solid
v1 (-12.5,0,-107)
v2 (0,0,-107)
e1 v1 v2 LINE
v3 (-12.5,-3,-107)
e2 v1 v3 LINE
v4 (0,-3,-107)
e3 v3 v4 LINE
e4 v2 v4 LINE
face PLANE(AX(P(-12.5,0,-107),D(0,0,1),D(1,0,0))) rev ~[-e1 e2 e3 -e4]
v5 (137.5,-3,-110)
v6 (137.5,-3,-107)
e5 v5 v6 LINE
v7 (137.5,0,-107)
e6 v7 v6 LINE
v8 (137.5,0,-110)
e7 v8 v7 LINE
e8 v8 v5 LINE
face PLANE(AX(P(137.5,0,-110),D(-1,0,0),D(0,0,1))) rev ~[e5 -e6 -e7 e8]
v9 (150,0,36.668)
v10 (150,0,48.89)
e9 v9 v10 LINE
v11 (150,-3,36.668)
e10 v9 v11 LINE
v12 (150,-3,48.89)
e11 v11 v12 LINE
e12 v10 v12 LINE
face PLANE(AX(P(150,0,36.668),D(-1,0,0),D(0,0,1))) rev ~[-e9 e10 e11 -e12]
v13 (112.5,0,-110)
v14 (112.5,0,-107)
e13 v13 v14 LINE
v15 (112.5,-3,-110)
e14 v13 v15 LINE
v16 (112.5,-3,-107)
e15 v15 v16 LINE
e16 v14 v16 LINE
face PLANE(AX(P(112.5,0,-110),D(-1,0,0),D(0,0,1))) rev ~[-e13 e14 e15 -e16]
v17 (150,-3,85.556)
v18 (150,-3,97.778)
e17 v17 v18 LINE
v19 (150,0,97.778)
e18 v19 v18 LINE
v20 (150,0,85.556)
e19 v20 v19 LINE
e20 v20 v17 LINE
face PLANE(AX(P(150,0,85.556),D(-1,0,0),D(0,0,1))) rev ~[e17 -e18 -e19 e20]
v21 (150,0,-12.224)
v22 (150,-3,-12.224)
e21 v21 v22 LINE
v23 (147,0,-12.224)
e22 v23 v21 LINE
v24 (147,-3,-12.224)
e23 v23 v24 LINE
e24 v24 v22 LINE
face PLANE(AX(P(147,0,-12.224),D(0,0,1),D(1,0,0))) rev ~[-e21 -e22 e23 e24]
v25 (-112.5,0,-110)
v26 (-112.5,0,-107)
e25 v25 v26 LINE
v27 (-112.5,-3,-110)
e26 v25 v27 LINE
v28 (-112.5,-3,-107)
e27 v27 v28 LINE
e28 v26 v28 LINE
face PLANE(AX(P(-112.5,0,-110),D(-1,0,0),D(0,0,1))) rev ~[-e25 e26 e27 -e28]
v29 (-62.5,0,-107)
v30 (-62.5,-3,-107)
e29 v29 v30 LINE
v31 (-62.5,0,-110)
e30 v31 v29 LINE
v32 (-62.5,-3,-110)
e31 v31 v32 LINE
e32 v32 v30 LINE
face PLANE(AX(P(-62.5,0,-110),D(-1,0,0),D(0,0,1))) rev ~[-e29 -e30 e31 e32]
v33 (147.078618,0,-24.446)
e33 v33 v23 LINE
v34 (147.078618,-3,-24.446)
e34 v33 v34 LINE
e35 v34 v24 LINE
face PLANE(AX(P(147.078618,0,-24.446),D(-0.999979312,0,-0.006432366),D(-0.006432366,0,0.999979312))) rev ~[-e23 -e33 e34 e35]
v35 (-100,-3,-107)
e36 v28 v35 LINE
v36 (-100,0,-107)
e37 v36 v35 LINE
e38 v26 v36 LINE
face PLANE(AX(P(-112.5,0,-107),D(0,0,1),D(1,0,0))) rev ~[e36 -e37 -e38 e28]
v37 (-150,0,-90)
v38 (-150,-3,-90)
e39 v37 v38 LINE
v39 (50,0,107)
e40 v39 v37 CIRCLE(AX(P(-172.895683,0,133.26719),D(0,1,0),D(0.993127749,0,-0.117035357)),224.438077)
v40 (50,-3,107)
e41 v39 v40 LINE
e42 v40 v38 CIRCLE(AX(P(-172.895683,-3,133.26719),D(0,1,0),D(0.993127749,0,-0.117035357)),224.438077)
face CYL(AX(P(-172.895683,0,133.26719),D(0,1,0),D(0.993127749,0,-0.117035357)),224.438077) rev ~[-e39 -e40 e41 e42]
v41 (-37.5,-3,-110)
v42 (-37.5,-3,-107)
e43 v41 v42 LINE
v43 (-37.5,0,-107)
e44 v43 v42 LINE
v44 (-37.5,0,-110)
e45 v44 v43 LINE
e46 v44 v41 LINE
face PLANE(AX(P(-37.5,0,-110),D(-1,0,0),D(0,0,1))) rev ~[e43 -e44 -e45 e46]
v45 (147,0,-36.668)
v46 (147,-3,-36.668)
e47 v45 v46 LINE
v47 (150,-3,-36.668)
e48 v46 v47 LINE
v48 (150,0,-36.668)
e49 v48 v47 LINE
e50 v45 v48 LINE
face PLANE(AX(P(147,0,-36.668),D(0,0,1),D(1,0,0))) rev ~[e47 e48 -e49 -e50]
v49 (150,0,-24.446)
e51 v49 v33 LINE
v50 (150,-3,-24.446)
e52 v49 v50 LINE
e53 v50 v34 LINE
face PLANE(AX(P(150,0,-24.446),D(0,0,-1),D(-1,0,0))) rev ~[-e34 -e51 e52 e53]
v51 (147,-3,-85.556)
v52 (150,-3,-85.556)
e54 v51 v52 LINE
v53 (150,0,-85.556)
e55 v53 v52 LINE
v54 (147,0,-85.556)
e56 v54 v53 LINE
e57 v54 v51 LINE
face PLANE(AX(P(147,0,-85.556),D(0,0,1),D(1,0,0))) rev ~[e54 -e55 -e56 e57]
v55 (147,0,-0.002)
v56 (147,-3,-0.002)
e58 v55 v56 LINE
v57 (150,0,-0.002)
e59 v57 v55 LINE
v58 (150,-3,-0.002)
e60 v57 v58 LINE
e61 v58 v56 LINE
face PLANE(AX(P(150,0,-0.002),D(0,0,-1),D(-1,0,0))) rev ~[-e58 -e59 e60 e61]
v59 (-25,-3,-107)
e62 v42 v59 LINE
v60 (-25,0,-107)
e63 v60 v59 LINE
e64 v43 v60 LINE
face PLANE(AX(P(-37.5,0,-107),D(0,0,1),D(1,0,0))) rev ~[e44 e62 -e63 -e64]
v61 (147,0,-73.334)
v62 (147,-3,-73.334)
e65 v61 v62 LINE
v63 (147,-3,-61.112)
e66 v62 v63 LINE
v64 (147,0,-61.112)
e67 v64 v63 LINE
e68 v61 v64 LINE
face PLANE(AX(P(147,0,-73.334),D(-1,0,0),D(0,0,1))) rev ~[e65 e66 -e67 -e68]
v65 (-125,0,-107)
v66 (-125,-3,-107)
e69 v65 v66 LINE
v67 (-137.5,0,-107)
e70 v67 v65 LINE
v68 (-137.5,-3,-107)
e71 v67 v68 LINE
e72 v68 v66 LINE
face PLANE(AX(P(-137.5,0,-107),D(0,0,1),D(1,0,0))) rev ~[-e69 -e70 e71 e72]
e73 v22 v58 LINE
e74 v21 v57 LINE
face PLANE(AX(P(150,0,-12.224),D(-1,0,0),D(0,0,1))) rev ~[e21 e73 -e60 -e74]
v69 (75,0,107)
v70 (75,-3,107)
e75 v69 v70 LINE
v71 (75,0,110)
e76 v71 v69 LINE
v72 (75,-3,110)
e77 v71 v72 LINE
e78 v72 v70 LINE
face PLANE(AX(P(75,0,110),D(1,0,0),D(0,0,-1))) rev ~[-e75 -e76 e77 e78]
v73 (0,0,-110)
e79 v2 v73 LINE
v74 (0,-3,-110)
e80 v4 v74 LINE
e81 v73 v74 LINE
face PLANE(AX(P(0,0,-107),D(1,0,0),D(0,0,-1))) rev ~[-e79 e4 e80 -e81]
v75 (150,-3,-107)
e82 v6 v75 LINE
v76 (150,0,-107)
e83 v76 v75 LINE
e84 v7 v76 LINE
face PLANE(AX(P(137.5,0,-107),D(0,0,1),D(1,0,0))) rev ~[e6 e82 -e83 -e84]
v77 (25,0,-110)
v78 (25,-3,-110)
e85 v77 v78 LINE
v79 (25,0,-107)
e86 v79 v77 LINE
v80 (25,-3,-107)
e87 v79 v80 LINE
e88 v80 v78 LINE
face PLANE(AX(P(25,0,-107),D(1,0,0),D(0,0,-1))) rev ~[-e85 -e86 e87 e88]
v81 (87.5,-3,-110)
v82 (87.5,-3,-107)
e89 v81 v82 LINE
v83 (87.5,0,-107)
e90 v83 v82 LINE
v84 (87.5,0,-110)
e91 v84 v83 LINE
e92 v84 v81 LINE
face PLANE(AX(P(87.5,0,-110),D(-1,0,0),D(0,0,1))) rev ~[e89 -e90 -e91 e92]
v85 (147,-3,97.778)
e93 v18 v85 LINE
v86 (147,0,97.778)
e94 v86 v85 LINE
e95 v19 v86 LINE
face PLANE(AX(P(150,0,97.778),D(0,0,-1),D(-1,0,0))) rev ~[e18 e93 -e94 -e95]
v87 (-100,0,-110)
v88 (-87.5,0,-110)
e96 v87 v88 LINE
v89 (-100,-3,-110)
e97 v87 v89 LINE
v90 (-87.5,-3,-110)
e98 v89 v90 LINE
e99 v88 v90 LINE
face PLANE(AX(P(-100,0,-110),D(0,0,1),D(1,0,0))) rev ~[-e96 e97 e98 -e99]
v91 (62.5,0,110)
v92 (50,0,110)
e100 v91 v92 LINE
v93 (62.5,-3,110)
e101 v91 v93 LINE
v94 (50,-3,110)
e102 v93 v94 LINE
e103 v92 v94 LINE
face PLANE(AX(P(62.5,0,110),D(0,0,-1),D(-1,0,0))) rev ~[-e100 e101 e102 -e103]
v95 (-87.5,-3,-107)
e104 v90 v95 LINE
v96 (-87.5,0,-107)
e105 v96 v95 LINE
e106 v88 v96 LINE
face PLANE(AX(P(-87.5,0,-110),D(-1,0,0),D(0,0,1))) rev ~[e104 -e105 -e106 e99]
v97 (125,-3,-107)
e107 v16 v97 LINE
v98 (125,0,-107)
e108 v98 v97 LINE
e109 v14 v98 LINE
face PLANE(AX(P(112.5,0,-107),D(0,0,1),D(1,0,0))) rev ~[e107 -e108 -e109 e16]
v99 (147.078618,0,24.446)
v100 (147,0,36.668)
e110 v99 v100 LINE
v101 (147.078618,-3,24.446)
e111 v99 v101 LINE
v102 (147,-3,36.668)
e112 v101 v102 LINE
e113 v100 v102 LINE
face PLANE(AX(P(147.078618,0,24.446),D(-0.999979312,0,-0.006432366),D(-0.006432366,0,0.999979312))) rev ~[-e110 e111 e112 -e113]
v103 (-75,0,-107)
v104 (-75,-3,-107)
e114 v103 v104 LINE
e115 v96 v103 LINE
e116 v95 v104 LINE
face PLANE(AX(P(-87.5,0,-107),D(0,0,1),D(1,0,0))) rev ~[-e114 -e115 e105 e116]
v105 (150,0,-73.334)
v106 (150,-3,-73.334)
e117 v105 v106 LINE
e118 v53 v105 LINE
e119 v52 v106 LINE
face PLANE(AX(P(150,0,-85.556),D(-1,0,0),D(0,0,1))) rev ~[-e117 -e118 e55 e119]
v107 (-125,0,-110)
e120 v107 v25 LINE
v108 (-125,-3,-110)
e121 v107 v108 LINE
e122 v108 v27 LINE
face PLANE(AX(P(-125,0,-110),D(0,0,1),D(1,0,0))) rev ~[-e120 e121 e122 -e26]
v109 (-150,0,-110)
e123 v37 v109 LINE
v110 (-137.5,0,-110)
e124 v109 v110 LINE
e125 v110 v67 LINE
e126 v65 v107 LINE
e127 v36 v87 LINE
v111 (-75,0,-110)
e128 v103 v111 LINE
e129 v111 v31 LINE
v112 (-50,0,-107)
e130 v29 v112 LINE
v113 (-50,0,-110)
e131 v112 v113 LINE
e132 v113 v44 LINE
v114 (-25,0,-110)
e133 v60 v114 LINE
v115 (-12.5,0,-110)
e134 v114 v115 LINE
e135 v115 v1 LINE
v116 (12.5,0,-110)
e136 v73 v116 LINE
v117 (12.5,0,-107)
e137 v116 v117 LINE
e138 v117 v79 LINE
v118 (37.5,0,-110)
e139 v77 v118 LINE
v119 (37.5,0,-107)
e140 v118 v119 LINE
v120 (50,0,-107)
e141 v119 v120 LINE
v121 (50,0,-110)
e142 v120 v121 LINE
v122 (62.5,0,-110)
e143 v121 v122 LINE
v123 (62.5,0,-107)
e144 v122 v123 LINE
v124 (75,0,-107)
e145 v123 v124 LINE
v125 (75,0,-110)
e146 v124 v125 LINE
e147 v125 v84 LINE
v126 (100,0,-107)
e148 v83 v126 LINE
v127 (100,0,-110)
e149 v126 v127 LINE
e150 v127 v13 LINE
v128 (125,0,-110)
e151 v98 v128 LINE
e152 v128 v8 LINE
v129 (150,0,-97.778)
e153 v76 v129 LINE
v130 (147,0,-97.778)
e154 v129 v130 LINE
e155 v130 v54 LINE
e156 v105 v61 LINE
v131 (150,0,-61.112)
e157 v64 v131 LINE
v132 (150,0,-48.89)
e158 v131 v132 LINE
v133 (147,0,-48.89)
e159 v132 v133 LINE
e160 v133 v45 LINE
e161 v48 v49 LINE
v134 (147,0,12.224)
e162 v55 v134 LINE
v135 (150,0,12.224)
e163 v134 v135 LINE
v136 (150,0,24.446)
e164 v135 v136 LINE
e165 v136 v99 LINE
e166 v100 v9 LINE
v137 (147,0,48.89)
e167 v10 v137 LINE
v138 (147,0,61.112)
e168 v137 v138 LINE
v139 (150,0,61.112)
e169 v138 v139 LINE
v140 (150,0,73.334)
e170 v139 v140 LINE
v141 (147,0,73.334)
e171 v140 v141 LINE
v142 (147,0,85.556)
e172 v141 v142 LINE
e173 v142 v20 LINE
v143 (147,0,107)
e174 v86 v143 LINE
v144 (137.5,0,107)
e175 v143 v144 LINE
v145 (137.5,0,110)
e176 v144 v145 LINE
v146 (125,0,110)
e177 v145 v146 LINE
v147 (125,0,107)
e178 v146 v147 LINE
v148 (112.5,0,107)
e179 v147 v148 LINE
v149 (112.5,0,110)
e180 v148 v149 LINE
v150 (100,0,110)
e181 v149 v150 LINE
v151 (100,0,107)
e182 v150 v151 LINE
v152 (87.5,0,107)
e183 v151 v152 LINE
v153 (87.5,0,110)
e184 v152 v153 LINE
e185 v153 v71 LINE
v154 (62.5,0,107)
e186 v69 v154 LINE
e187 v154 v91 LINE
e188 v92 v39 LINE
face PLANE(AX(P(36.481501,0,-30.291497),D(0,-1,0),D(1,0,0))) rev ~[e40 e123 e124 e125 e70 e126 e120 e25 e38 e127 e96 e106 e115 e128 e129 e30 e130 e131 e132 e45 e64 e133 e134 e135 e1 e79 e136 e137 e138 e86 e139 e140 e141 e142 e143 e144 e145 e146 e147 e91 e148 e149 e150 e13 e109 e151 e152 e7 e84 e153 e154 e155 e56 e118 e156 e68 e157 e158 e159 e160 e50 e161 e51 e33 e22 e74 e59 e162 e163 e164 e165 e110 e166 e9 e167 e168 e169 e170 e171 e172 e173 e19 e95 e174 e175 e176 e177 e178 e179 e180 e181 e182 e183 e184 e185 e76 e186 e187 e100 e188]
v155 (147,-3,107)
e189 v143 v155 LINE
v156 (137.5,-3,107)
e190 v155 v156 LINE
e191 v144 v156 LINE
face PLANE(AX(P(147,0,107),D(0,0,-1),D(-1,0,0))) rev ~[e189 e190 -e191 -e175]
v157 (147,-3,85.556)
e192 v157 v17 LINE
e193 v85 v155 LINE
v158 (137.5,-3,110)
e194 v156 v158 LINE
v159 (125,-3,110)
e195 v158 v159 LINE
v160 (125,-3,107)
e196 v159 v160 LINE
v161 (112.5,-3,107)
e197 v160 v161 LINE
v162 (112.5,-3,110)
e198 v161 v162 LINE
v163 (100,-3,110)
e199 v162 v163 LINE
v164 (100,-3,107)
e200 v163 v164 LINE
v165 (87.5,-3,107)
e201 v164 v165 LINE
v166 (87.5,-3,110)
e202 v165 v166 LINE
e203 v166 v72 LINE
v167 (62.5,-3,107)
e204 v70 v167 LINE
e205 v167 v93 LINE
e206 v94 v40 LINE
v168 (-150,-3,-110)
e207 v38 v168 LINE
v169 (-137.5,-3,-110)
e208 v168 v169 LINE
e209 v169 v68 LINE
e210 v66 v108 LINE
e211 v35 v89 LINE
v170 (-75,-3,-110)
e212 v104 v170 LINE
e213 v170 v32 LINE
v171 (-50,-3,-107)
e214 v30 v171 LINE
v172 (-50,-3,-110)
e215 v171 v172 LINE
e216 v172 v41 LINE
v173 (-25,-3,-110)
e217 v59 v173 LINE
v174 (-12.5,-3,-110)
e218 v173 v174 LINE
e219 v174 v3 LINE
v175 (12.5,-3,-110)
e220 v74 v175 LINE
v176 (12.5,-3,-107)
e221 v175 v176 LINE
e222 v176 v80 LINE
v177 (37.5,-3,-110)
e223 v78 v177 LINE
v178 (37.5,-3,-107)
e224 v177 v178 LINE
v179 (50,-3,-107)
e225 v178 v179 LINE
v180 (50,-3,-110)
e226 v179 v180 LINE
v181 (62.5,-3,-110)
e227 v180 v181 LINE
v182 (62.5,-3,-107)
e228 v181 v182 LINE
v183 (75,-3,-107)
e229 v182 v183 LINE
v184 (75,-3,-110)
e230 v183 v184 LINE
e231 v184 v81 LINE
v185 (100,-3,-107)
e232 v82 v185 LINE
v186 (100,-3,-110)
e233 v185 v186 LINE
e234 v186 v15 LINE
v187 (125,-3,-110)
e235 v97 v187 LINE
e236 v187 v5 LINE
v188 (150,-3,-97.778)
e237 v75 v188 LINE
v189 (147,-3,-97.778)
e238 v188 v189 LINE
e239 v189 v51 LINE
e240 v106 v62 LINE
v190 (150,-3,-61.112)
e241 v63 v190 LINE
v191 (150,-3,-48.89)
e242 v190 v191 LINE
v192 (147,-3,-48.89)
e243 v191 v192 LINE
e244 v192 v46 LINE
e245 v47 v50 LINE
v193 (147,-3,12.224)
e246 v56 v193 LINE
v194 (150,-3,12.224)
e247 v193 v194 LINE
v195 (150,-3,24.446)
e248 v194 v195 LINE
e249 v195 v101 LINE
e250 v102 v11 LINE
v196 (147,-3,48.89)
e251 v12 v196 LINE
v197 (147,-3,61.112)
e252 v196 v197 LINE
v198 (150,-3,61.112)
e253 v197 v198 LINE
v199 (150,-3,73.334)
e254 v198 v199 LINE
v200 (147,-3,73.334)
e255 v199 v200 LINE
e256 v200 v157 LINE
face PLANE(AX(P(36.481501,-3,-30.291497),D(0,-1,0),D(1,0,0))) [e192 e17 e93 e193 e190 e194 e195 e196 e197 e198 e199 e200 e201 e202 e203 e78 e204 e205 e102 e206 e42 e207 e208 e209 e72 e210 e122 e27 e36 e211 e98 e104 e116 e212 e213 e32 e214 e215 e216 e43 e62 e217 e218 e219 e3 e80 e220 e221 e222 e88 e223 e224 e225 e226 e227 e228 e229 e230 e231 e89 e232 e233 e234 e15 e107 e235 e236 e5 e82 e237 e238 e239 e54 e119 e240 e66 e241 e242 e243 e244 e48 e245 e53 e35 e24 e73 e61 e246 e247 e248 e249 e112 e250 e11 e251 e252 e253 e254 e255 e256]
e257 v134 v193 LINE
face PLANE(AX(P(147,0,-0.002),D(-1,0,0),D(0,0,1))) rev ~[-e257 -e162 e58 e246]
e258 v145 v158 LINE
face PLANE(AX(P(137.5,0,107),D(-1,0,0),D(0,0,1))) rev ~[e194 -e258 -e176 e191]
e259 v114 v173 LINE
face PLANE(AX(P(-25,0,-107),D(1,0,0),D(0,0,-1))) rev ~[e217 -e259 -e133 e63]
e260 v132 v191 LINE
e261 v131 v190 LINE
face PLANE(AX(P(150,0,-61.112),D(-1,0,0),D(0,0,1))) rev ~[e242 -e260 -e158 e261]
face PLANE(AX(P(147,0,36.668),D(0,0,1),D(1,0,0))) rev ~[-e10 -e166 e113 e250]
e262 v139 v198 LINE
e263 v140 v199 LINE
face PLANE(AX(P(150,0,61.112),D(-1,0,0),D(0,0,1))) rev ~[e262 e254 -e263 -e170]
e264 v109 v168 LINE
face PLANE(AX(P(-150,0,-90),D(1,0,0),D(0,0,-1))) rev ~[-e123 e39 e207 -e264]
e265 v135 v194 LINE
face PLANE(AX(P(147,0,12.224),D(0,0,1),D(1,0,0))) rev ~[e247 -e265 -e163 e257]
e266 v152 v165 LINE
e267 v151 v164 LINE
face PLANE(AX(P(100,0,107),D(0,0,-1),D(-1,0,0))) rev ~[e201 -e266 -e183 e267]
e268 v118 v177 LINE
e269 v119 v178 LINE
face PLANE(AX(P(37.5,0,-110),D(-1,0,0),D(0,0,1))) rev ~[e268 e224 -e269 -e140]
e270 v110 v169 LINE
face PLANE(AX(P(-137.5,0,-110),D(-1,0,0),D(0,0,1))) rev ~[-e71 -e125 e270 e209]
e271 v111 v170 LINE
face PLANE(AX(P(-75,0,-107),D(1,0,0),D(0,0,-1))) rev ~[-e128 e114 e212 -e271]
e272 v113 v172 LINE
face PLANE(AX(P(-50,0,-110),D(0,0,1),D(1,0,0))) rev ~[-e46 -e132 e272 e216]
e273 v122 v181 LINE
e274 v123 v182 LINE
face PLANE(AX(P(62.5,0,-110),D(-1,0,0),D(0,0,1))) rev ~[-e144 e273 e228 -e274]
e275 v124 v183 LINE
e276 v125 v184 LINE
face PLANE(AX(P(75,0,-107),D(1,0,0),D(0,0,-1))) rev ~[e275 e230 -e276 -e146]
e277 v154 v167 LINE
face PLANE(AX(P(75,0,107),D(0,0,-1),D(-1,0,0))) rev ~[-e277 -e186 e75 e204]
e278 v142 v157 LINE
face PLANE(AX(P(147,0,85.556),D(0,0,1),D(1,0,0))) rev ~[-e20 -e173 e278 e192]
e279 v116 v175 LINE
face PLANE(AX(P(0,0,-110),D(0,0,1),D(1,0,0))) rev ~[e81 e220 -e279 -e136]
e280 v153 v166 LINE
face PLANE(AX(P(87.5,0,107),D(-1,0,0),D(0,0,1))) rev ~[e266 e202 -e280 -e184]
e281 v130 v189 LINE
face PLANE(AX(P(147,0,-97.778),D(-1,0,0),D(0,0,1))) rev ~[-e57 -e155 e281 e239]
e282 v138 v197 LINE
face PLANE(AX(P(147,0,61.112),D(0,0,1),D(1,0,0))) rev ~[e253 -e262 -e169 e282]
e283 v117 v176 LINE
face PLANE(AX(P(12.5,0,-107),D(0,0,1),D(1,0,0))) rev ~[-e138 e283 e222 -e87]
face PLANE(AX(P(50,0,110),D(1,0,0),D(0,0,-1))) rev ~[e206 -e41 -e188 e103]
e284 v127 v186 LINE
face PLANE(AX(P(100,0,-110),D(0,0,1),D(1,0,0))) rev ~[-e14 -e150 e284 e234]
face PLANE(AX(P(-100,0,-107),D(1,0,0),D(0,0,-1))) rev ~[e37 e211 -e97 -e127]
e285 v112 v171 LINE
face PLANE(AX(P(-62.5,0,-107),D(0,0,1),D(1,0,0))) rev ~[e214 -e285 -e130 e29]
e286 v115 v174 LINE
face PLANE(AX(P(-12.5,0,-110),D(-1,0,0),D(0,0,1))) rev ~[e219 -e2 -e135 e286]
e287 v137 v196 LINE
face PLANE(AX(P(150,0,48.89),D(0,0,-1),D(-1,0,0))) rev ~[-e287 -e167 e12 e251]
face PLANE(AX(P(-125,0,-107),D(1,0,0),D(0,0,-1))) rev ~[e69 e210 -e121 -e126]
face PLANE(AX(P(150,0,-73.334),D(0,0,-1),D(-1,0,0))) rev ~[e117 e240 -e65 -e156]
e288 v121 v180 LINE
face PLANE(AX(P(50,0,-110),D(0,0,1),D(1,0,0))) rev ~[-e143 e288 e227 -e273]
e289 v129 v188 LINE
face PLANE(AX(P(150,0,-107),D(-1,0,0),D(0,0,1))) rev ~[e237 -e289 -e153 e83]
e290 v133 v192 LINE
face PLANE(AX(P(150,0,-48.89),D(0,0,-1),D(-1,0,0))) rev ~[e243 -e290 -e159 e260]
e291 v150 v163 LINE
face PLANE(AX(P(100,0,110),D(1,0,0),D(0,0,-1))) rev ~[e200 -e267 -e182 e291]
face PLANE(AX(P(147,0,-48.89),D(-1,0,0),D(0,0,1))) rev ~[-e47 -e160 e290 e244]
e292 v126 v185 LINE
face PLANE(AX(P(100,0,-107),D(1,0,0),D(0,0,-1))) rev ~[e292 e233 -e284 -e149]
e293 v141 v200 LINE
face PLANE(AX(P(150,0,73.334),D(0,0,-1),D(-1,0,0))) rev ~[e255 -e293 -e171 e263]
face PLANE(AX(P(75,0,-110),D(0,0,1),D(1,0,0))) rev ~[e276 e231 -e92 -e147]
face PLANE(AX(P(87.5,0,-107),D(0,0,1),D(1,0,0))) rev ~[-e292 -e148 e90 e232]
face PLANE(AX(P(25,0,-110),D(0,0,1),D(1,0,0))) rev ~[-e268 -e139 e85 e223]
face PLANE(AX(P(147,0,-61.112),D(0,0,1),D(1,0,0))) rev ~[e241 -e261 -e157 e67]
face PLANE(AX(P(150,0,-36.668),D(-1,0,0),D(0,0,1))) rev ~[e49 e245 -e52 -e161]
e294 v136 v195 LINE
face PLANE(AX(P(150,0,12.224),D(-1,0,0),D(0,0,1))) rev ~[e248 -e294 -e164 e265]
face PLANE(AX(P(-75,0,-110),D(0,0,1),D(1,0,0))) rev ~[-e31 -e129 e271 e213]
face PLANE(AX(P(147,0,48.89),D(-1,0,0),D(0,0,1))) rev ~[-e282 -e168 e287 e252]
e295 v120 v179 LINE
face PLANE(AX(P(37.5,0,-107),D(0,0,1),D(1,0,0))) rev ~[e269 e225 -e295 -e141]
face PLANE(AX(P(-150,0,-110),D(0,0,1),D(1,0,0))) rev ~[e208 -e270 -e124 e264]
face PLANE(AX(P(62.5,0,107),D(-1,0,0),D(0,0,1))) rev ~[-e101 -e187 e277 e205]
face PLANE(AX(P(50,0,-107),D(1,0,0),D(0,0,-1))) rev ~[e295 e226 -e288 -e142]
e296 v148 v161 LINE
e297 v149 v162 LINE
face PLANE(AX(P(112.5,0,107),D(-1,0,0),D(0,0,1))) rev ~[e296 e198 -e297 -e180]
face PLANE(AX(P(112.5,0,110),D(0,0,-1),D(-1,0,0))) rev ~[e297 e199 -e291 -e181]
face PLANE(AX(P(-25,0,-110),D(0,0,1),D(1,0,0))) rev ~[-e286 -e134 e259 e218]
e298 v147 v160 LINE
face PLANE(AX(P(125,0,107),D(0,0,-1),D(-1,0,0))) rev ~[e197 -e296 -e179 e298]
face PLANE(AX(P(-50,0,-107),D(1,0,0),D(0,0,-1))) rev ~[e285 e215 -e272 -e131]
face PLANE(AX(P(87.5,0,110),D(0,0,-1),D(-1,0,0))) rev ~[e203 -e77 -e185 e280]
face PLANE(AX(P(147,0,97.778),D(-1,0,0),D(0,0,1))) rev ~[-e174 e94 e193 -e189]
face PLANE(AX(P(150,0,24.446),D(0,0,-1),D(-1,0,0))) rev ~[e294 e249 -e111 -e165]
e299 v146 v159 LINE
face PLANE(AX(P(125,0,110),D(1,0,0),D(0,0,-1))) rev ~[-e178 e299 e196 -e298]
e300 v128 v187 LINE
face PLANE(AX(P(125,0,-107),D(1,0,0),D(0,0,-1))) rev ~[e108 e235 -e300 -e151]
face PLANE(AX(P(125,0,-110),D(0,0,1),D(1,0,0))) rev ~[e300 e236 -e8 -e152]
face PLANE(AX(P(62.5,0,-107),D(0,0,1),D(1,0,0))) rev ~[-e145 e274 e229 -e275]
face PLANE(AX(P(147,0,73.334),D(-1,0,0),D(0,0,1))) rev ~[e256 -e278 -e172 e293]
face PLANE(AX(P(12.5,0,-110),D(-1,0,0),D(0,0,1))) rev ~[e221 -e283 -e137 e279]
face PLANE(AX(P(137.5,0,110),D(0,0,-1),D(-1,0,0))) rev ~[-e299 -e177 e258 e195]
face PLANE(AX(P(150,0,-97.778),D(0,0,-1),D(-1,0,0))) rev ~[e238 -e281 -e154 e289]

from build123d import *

# Parameters (mm, degrees)
F1_DEPTH = 3


with BuildPart() as f1:
    # F0 (on Front) → F1 (new body)
    with BuildSketch(Plane.XZ):
        with BuildLine():
            Line((125, -110), (137.5, -110))
            Line((137.5, -110), (137.5, -107))
            Line((137.5, -107), (150, -107))
            Line((150, -107), (150, -97.778))
            Line((150, -97.778), (147, -97.778))
            Line((147, -97.778), (147, -85.556))
            Line((147, -85.556), (150, -85.556))
            Line((150, -85.556), (150, -73.334))
            Line((150, -73.334), (147, -73.334))
            Line((147, -73.334), (147, -61.112))
            Line((147, -61.112), (150, -61.112))
            Line((150, -61.112), (150, -48.89))
            Line((150, -48.89), (147, -48.89))
            Line((147, -48.89), (147, -36.668))
            Line((147, -36.668), (150, -36.668))
            Line((150, -36.668), (150, -24.446))
            Line((150, -24.446), (147.078618, -24.446))
            Line((147.078618, -24.446), (147, -12.224))
            Line((147, -12.224), (150, -12.224))
            Line((150, -12.224), (150, -0.002))
            Line((150, -0.002), (147, -0.002))
            Line((147, -0.002), (147, 0.002))
            Line((147, 0.002), (147, 12.224))
            Line((147, 12.224), (150, 12.224))
            Line((150, 12.224), (150, 24.446))
            Line((150, 24.446), (147.078618, 24.446))
            Line((147.078618, 24.446), (147, 36.668))
            Line((147, 36.668), (150, 36.668))
            Line((150, 36.668), (150, 48.89))
            Line((150, 48.89), (147, 48.89))
            Line((147, 48.89), (147, 61.112))
            Line((147, 61.112), (150, 61.112))
            Line((150, 61.112), (150, 73.334))
            Line((150, 73.334), (147, 73.334))
            Line((147, 73.334), (147, 85.556))
            Line((147, 85.556), (150, 85.556))
            Line((150, 85.556), (150, 97.778))
            Line((150, 97.778), (147, 97.778))
            Line((147, 97.778), (147, 107))
            Line((147, 107), (137.5, 107))
            Line((137.5, 107), (137.5, 110))
            Line((137.5, 110), (125, 110))
            Line((125, 110), (125, 107))
            Line((125, 107), (112.5, 107))
            Line((112.5, 107), (112.5, 110))
            Line((112.5, 110), (100, 110))
            Line((100, 110), (100, 107))
            Line((100, 107), (87.5, 107))
            Line((87.5, 107), (87.5, 110))
            Line((87.5, 110), (75, 110))
            Line((75, 110), (75, 107))
            Line((75, 107), (62.5, 107))
            Line((62.5, 107), (62.5, 110))
            Line((62.5, 110), (50, 110))
            Line((50, 110), (50, 107))
            ThreePointArc((50, 107), (-15.39775, -26.629188), (-150, -90))
            Line((-150, -90), (-150, -110))
            Line((-150, -110), (-137.5, -110))
            Line((-137.5, -110), (-137.5, -107))
            Line((-137.5, -107), (-125, -107))
            Line((-125, -107), (-125, -110))
            Line((-125, -110), (-112.5, -110))
            Line((-112.5, -110), (-112.5, -107))
            Line((-112.5, -107), (-100, -107))
            Line((-100, -107), (-100, -110))
            Line((-100, -110), (-87.5, -110))
            Line((-87.5, -110), (-87.5, -107))
            Line((-87.5, -107), (-75, -107))
            Line((-75, -107), (-75, -110))
            Line((-75, -110), (-62.5, -110))
            Line((-62.5, -110), (-62.5, -107))
            Line((-62.5, -107), (-50, -107))
            Line((-50, -107), (-50, -110))
            Line((-50, -110), (-37.5, -110))
            Line((-37.5, -110), (-37.5, -107))
            Line((-37.5, -107), (-25, -107))
            Line((-25, -107), (-25, -110))
            Line((-25, -110), (-12.5, -110))
            Line((-12.5, -110), (-12.5, -107))
            Line((-12.5, -107), (0, -107))
            Line((0, -107), (0, -110))
            Line((0, -110), (12.5, -110))
            Line((12.5, -110), (12.5, -107))
            Line((12.5, -107), (25, -107))
            Line((25, -107), (25, -110))
            Line((25, -110), (37.5, -110))
            Line((37.5, -110), (37.5, -107))
            Line((37.5, -107), (50, -107))
            Line((50, -107), (50, -110))
            Line((50, -110), (62.5, -110))
            Line((62.5, -110), (62.5, -107))
            Line((62.5, -107), (75, -107))
            Line((75, -107), (75, -110))
            Line((75, -110), (87.5, -110))
            Line((87.5, -110), (87.5, -107))
            Line((87.5, -107), (100, -107))
            Line((100, -107), (100, -110))
            Line((100, -110), (112.5, -110))
            Line((112.5, -110), (112.5, -107))
            Line((112.5, -107), (125, -107))
            Line((125, -107), (125, -110))
        make_face()
    extrude(amount=F1_DEPTH)


solid = f1.part
